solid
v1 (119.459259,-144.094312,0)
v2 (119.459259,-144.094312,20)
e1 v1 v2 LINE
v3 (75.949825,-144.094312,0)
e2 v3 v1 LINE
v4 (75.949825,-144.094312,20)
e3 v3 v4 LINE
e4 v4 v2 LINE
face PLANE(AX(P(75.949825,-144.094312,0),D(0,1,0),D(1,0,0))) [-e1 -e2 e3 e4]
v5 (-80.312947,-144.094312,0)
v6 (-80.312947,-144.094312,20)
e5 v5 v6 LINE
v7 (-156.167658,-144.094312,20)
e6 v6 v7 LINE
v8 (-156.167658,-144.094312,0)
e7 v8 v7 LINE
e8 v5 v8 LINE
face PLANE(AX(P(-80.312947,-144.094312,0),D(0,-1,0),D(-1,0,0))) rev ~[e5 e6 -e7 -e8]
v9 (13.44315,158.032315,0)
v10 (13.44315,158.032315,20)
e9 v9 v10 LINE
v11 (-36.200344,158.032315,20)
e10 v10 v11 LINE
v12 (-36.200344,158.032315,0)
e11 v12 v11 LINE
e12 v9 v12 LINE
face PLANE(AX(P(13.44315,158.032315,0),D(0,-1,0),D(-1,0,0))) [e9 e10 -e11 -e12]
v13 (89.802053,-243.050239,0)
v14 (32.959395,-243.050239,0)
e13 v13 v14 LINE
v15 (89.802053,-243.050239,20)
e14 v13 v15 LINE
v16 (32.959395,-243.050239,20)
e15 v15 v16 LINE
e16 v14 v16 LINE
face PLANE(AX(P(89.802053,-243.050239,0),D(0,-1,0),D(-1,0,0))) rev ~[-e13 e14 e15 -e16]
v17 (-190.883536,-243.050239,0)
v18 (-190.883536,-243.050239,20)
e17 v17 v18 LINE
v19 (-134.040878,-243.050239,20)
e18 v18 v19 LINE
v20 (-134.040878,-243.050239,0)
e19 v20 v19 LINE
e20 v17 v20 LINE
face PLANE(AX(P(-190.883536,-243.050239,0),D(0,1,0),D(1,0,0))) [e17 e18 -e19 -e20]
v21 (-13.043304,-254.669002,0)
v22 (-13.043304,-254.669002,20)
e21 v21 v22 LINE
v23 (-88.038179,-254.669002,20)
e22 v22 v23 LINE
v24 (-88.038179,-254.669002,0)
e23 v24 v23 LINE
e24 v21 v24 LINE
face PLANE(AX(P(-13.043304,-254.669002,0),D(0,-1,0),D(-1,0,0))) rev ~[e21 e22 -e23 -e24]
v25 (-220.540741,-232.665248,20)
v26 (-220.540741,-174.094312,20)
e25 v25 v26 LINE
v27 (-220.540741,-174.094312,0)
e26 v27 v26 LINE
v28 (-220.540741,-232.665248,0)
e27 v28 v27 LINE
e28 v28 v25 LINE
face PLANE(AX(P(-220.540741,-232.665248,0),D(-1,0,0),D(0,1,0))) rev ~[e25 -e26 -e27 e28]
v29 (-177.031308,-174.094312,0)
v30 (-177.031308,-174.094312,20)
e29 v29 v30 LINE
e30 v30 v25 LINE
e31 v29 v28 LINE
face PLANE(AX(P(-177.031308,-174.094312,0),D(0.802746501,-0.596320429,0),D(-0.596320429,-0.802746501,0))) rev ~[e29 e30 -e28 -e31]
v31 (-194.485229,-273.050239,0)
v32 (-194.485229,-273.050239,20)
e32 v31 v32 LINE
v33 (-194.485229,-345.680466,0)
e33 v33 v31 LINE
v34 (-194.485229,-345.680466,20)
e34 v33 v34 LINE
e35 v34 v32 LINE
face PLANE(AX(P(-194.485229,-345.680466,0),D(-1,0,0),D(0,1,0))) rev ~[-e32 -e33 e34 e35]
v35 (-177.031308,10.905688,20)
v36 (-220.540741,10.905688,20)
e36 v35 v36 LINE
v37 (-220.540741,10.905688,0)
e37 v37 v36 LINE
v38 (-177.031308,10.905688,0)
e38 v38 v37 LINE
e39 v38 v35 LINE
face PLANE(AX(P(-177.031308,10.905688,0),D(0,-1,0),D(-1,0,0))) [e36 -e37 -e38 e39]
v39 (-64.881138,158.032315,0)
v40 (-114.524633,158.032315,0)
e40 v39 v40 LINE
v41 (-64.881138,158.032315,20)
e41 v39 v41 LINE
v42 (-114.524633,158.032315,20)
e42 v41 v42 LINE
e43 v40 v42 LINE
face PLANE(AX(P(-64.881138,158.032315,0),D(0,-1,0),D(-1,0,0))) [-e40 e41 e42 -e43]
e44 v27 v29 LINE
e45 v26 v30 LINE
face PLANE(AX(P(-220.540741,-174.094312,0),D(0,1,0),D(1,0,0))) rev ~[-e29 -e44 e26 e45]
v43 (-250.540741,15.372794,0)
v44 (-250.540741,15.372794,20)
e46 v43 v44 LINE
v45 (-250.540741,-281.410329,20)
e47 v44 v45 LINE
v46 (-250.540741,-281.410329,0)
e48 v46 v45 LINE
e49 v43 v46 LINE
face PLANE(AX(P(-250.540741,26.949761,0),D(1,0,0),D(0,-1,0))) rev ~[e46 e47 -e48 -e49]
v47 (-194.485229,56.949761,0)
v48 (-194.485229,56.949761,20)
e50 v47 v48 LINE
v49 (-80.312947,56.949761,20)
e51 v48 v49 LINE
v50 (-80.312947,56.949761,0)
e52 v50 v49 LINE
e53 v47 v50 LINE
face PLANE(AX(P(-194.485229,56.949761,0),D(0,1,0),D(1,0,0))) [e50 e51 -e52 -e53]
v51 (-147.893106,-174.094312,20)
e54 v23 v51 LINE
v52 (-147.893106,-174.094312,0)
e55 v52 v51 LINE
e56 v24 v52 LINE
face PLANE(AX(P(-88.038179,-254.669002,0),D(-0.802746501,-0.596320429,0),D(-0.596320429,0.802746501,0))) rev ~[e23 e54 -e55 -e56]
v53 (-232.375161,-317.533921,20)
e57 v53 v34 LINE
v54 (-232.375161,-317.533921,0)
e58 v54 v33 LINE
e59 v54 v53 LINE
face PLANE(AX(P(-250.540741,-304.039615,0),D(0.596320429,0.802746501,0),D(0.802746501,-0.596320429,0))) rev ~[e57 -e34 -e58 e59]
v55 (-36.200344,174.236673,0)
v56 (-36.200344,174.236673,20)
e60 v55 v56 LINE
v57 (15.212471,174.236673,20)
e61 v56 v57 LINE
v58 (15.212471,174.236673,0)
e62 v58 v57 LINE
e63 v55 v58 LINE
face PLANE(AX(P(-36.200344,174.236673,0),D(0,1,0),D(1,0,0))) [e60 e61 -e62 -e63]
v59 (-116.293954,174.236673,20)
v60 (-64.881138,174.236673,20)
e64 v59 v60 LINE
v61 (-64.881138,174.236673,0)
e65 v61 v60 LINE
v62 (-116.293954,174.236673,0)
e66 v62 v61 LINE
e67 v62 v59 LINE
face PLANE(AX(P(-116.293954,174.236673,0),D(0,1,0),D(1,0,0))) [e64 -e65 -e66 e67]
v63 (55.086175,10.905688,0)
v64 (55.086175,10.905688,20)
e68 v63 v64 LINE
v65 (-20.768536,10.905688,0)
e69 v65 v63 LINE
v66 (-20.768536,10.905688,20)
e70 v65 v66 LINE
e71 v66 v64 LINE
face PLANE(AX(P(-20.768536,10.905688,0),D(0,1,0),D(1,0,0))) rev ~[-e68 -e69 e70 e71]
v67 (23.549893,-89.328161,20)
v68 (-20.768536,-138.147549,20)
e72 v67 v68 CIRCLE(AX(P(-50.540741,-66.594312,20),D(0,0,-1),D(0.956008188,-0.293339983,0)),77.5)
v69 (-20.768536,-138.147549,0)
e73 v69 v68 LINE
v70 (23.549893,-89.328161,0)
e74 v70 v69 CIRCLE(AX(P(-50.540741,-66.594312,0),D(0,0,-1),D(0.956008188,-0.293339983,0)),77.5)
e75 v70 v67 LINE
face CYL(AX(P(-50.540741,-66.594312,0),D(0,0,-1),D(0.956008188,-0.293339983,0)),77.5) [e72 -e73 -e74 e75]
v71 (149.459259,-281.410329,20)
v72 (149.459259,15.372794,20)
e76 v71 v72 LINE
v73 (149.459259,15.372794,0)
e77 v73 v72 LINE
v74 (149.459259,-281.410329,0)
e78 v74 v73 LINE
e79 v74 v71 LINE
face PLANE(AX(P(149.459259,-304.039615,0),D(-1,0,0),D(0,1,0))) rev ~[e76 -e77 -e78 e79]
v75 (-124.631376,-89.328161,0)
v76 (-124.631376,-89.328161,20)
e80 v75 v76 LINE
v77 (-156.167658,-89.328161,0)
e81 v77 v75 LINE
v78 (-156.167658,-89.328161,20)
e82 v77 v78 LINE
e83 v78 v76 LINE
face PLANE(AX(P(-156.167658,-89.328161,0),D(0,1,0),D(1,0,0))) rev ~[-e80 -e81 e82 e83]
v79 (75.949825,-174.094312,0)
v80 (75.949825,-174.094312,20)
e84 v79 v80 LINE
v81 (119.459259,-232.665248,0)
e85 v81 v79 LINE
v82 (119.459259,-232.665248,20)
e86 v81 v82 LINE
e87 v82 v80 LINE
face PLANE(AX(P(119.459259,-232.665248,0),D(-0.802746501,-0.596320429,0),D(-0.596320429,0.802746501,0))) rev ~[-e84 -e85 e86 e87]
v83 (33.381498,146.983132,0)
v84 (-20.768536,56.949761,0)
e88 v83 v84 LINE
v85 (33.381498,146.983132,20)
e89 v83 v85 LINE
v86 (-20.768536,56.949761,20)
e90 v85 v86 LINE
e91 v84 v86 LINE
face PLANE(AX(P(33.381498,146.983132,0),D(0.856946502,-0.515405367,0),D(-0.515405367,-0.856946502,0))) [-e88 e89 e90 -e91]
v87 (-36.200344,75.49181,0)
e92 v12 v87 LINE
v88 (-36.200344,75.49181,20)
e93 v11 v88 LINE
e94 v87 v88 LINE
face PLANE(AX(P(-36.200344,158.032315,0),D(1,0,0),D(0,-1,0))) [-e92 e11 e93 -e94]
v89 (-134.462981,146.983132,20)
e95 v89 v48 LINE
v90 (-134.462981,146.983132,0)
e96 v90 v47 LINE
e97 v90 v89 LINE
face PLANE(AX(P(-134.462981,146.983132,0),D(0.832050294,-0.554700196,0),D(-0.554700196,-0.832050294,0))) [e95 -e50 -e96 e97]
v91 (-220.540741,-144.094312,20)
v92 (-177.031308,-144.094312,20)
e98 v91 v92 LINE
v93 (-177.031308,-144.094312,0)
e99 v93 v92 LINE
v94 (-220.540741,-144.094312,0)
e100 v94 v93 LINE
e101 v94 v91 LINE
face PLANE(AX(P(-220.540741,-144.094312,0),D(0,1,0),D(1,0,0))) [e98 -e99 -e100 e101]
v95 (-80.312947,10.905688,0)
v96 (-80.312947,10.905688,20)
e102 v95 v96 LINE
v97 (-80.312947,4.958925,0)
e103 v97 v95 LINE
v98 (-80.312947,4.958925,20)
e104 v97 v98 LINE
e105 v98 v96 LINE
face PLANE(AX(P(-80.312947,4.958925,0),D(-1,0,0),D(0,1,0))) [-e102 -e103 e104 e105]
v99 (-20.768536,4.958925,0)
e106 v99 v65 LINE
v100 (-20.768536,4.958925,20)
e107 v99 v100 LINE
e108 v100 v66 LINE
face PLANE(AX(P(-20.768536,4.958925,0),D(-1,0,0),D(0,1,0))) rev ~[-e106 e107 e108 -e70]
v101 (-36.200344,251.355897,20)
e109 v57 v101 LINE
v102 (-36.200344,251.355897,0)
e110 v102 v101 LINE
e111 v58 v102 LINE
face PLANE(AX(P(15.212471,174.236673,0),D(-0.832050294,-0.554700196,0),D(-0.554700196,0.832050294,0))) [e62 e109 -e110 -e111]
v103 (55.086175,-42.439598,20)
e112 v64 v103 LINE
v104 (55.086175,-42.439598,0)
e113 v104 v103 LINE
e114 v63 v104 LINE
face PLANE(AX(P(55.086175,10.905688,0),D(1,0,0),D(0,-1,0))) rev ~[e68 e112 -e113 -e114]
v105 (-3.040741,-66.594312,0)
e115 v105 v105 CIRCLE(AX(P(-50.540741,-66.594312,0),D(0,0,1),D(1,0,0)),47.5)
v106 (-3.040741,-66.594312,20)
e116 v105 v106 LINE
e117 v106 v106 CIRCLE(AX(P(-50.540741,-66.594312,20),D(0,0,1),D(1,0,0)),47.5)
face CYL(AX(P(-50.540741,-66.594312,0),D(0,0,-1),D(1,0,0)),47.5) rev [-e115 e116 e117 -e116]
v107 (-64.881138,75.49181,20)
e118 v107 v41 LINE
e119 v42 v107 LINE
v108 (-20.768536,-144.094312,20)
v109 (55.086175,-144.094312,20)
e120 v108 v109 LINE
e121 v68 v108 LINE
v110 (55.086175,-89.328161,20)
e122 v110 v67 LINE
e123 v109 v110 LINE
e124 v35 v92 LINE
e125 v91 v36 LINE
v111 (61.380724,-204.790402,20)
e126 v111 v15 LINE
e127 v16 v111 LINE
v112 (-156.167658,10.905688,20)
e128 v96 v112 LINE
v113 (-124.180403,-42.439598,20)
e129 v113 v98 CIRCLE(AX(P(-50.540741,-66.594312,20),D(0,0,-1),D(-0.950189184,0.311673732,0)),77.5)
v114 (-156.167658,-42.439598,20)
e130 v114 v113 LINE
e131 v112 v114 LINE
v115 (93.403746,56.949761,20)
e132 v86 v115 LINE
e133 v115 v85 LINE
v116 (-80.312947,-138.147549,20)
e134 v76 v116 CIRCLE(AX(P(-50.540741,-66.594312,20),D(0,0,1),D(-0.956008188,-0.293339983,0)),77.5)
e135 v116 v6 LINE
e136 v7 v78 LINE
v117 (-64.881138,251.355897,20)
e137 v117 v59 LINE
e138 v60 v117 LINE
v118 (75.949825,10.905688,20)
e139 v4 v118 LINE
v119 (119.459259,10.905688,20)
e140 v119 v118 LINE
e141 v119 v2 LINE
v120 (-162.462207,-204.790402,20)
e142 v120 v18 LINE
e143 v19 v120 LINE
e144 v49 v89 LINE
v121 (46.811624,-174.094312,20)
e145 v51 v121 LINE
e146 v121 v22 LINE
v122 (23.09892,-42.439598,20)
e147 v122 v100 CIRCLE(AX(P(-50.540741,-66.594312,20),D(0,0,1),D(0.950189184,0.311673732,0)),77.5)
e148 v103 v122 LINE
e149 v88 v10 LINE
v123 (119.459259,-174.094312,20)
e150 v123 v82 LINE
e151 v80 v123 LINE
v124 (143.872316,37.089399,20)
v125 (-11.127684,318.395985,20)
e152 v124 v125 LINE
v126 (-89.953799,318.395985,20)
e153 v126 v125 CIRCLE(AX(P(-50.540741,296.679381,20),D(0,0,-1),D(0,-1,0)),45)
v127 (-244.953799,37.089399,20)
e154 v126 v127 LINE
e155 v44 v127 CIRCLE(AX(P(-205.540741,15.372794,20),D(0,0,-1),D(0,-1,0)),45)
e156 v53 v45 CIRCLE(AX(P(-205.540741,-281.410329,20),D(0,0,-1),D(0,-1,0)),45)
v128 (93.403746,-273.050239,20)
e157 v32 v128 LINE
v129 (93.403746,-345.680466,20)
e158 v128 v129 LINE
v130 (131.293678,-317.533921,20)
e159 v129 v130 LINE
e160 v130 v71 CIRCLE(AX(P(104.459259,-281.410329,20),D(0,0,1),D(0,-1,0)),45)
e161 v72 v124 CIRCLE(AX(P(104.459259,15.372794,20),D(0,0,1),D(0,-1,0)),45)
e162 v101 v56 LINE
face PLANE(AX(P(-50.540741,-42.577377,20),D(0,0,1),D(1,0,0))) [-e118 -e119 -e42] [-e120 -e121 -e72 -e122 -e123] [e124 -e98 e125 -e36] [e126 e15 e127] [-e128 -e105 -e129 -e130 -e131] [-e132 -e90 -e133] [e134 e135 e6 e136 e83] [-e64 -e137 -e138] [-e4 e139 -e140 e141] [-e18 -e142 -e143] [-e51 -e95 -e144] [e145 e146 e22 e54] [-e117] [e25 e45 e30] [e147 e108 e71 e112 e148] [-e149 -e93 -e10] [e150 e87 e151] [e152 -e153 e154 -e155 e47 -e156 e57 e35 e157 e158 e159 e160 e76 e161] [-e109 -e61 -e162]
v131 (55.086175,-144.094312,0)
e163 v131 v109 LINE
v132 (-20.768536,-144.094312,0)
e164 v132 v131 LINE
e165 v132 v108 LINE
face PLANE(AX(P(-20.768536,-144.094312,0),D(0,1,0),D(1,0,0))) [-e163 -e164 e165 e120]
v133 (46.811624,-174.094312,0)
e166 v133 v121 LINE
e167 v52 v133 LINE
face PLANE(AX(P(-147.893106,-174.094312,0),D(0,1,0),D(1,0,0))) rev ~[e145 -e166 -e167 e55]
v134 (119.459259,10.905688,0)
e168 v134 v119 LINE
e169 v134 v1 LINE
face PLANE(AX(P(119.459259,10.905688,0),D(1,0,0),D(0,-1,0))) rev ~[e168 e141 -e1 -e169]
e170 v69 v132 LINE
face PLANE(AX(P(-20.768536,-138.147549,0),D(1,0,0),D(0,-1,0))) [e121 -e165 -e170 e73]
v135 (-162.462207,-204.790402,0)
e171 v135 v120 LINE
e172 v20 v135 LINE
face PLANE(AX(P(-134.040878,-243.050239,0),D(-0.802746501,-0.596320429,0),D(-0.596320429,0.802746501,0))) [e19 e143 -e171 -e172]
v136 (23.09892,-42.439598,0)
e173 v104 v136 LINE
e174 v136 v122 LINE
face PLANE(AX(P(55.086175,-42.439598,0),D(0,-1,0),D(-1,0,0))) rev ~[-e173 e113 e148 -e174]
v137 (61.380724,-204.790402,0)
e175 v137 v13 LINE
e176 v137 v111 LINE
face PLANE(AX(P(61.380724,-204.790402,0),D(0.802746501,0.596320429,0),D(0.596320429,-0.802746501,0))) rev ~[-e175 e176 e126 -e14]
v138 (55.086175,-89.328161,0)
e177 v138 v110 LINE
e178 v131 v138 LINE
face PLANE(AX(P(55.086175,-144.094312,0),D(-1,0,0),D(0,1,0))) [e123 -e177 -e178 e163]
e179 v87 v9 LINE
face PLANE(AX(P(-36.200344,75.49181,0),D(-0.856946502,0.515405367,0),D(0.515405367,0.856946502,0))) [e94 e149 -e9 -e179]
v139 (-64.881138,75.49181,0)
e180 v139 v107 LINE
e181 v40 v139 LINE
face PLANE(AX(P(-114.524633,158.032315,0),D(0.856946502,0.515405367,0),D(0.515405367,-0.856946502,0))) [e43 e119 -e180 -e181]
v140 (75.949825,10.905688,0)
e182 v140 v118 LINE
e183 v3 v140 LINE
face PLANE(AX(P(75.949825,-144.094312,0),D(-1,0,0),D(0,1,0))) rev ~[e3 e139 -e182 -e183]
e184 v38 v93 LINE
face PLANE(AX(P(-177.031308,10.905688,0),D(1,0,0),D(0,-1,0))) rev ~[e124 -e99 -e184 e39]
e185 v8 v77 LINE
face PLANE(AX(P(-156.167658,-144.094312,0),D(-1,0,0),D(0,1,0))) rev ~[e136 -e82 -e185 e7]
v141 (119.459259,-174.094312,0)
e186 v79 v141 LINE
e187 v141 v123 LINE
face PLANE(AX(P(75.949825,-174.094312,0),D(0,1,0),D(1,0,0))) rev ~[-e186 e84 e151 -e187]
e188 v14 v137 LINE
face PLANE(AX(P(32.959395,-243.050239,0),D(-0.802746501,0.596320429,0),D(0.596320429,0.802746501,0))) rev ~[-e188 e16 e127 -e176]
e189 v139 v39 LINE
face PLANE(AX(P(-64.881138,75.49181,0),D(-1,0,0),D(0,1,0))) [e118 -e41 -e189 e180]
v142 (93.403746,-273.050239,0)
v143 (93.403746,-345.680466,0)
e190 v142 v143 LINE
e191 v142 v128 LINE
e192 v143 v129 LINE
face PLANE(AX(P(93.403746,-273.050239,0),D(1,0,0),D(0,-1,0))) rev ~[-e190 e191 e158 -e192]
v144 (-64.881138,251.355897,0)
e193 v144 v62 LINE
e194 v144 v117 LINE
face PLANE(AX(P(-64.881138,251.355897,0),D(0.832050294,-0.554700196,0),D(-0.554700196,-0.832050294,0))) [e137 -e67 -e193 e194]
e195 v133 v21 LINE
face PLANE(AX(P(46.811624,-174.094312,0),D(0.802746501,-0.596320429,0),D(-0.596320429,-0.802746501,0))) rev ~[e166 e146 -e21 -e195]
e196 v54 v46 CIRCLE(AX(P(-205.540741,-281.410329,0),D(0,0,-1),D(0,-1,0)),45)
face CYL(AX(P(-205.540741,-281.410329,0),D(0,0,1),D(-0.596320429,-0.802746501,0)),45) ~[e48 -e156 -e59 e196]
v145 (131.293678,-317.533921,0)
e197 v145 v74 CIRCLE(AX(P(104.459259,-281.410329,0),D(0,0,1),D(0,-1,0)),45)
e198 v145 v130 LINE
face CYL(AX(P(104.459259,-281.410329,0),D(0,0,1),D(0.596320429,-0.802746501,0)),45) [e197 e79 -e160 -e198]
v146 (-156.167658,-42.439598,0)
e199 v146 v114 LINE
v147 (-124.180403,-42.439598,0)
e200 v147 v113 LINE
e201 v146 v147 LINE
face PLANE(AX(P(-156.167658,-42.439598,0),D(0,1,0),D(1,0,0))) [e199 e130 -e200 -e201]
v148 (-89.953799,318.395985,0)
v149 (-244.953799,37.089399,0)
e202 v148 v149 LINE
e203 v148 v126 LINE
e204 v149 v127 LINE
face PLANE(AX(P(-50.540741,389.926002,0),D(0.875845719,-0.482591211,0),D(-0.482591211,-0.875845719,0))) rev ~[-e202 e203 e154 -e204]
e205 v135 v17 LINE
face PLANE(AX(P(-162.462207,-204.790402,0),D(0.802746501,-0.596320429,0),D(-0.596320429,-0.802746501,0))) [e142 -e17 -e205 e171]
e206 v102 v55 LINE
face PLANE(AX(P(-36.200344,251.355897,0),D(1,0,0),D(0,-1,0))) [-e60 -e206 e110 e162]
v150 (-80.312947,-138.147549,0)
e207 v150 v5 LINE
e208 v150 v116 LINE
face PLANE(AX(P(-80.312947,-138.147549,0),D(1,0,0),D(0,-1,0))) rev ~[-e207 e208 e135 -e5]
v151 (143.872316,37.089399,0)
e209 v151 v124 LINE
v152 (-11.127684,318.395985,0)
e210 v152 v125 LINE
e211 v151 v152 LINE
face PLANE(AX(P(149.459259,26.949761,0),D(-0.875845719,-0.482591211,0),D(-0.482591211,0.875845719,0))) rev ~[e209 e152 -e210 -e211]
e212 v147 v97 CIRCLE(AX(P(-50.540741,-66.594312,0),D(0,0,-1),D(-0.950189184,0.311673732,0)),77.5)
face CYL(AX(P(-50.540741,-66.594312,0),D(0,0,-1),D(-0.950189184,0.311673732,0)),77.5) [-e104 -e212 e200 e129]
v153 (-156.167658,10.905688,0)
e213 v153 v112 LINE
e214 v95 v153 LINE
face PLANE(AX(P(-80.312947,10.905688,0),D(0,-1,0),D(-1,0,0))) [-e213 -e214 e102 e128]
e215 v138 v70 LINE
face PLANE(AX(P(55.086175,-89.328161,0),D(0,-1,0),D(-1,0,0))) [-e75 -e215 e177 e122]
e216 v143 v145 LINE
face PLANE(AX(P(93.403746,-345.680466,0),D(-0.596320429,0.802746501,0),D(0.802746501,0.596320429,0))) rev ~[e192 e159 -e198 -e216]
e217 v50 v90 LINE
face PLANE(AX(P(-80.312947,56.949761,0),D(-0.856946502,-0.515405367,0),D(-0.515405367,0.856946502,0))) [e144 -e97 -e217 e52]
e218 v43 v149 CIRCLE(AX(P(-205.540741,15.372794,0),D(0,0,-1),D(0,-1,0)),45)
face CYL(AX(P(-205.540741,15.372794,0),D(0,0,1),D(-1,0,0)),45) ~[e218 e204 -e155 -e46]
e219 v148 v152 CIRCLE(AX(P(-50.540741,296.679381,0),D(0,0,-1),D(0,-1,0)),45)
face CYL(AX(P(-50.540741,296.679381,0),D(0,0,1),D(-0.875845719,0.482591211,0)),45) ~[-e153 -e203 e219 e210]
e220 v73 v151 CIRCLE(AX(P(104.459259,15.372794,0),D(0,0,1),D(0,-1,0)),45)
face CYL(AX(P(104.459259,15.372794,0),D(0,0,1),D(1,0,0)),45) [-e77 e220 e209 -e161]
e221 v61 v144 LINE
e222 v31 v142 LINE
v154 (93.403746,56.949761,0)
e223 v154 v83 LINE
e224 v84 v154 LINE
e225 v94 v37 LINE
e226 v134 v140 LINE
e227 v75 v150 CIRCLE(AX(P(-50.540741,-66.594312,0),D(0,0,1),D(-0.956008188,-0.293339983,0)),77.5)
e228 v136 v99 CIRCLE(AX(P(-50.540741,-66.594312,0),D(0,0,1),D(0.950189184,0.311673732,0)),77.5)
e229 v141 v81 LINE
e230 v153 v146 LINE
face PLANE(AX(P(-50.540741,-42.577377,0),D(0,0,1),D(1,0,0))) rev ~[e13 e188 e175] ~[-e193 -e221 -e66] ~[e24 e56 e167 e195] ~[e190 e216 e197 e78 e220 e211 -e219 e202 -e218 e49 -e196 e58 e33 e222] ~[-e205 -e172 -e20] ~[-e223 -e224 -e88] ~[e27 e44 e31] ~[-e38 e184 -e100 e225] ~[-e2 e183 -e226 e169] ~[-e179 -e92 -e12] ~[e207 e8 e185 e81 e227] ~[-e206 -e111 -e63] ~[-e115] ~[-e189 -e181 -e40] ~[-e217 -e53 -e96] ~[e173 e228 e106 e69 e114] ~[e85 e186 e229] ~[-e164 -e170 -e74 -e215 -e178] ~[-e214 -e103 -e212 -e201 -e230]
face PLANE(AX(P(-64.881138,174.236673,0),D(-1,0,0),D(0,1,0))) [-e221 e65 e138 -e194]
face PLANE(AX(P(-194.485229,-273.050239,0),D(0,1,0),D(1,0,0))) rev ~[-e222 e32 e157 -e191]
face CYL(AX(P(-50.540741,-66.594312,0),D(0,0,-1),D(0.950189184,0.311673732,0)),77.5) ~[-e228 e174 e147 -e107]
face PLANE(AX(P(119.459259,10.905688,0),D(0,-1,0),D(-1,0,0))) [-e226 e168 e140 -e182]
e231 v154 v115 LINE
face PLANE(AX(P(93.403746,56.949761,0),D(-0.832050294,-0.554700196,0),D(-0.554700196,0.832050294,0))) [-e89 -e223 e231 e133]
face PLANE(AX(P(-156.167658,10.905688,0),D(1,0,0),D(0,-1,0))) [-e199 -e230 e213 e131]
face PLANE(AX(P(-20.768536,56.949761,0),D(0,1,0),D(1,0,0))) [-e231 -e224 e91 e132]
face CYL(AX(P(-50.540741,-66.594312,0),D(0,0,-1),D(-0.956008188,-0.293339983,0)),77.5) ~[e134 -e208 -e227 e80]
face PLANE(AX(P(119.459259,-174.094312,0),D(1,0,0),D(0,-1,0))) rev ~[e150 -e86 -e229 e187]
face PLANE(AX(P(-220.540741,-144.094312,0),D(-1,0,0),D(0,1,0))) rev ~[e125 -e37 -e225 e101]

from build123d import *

# Parameters (mm, degrees)
SKETCH1_R           = 47.5
BOSS_EXTRUDE1_DEPTH = 20
FILLET1_R           = 45


with BuildPart() as part:
    # Sketch1 → Boss-Extrude1 (new body)
    with BuildSketch(Plane.XY):
        Polygon((-194.485228659, -273.050238686), (93.403745832, -273.050238686), (93.403745832, -345.680466299), (149.459258586, -304.039615326), (149.459258586, -273.050238686), (149.459258586, 26.949761314), (-50.540741414, 389.92600238), (-250.540741414, 26.949761314), (-250.540741414, -273.050238686), (-250.540741414, -304.039615326), (-194.485228659, -345.680466299), align=None)
        with Locations((-50.540741414, -66.594312027)):
            Circle(SKETCH1_R, mode=Mode.SUBTRACT)
        Polygon((-220.540741414, -174.094312027), (-177.031307775, -174.094312027), (-220.540741414, -232.665247906), align=None, mode=Mode.SUBTRACT)
        Polygon((-88.038179167, -254.669001578), (-147.89310645, -174.094312027), (46.811623623, -174.094312027), (-13.043303661, -254.669001578), align=None, mode=Mode.SUBTRACT)
        Polygon((89.802053233, -243.050238686), (32.959395338, -243.050238686), (61.380724285, -204.790401769), align=None, mode=Mode.SUBTRACT)
        Polygon((-220.540741414, -144.094312027), (-177.031307775, -144.094312027), (-177.031307775, -94.25920837), (-177.031307775, -51.592409031), (-177.031307775, 10.905687973), (-220.540741414, 10.905687973), (-220.540741414, -51.592409031), (-220.540741414, -94.25920837), align=None, mode=Mode.SUBTRACT)
        Polygon((-64.881138394, 251.355896711), (-116.293954083, 174.236673178), (-64.881138394, 174.236673178), align=None, mode=Mode.SUBTRACT)
        Polygon((93.403745832, 56.949761314), (33.381498462, 146.983132367), (-20.768536019, 56.949761314), align=None, mode=Mode.SUBTRACT)
        Polygon((-194.485228659, 56.949761314), (-80.312946809, 56.949761314), (-134.46298129, 146.983132367), align=None, mode=Mode.SUBTRACT)
        Polygon((119.459258586, -232.665247906), (75.949824948, -174.094312027), (119.459258586, -174.094312027), align=None, mode=Mode.SUBTRACT)
        Polygon((119.459258586, -144.094312027), (119.459258586, -94.25920837), (119.459258586, -51.592409031), (119.459258586, 10.905687973), (75.949824948, 10.905687973), (75.949824948, -51.592409031), (75.949824948, -94.25920837), (75.949824948, -144.094312027), align=None, mode=Mode.SUBTRACT)
        Polygon((-190.883536061, -243.050238686), (-134.040878165, -243.050238686), (-162.462207113, -204.790401769), align=None, mode=Mode.SUBTRACT)
        with BuildLine():
            Line((-156.167658148, 10.905687973), (-156.167658148, -42.439597831))
            Line((-156.167658148, -42.439597831), (-124.18040316, -42.439597831))
            ThreePointArc((-124.18040316, -42.439597831), (-107.419195748, -13.953154816), (-80.312946809, 4.958925397))
            Line((-80.312946809, 4.958925397), (-80.312946809, 10.905687973))
            Line((-80.312946809, 10.905687973), (-156.167658148, 10.905687973))
        make_face(mode=Mode.SUBTRACT)
        with BuildLine():
            Line((-156.167658148, -144.094312027), (-156.167658148, -89.328160682))
            Line((-156.167658148, -89.328160682), (-124.631375946, -89.328160682))
            ThreePointArc((-124.631375946, -89.328160682), (-107.922842799, -118.686004653), (-80.312946809, -138.147549452))
            Line((-80.312946809, -138.147549452), (-80.312946809, -144.094312027))
            Line((-80.312946809, -144.094312027), (-156.167658148, -144.094312027))
        make_face(mode=Mode.SUBTRACT)
        with BuildLine():
            Line((-20.768536019, -138.147549452), (-20.768536019, -144.094312027))
            Line((-20.768536019, -144.094312027), (55.08617532, -144.094312027))
            Line((55.08617532, -144.094312027), (55.08617532, -89.328160682))
            Line((55.08617532, -89.328160682), (23.549893118, -89.328160682))
            ThreePointArc((23.549893118, -89.328160682), (6.841359971, -118.686004653), (-20.768536019, -138.147549452))
        make_face(mode=Mode.SUBTRACT)
        with BuildLine():
            Line((-20.768536019, 4.958925397), (-20.768536019, 10.905687973))
            Line((-20.768536019, 10.905687973), (55.08617532, 10.905687973))
            Line((55.08617532, 10.905687973), (55.08617532, -42.439597831))
            Line((55.08617532, -42.439597831), (23.098920333, -42.439597831))
            ThreePointArc((23.098920333, -42.439597831), (6.337712921, -13.953154816), (-20.768536019, 4.958925397))
        make_face(mode=Mode.SUBTRACT)
        Polygon((13.443150149, 158.032314781), (-36.200344433, 158.032314781), (-36.200344433, 75.49181022), align=None, mode=Mode.SUBTRACT)
        Polygon((15.212471256, 174.236673178), (-36.200344433, 251.355896711), (-36.200344433, 174.236673178), align=None, mode=Mode.SUBTRACT)
        Polygon((-114.524632976, 158.032314781), (-64.881138394, 75.49181022), (-64.881138394, 158.032314781), align=None, mode=Mode.SUBTRACT)
    extrude(amount=BOSS_EXTRUDE1_DEPTH)

    # Fillet1
    fillet1_edges = [part.edges().sort_by_distance(p)[0] for p in [
        (149.459258586, -304.039615326, 10),
        (-250.540741414, -304.039615326, 10),
        (-250.540741414, 26.949761314, 10),
        (-50.540741414, 389.92600238, 10),
        (149.459258586, 26.949761314, 10),
    ]]
    fillet(fillet1_edges, radius=FILLET1_R)


solid = part.part
